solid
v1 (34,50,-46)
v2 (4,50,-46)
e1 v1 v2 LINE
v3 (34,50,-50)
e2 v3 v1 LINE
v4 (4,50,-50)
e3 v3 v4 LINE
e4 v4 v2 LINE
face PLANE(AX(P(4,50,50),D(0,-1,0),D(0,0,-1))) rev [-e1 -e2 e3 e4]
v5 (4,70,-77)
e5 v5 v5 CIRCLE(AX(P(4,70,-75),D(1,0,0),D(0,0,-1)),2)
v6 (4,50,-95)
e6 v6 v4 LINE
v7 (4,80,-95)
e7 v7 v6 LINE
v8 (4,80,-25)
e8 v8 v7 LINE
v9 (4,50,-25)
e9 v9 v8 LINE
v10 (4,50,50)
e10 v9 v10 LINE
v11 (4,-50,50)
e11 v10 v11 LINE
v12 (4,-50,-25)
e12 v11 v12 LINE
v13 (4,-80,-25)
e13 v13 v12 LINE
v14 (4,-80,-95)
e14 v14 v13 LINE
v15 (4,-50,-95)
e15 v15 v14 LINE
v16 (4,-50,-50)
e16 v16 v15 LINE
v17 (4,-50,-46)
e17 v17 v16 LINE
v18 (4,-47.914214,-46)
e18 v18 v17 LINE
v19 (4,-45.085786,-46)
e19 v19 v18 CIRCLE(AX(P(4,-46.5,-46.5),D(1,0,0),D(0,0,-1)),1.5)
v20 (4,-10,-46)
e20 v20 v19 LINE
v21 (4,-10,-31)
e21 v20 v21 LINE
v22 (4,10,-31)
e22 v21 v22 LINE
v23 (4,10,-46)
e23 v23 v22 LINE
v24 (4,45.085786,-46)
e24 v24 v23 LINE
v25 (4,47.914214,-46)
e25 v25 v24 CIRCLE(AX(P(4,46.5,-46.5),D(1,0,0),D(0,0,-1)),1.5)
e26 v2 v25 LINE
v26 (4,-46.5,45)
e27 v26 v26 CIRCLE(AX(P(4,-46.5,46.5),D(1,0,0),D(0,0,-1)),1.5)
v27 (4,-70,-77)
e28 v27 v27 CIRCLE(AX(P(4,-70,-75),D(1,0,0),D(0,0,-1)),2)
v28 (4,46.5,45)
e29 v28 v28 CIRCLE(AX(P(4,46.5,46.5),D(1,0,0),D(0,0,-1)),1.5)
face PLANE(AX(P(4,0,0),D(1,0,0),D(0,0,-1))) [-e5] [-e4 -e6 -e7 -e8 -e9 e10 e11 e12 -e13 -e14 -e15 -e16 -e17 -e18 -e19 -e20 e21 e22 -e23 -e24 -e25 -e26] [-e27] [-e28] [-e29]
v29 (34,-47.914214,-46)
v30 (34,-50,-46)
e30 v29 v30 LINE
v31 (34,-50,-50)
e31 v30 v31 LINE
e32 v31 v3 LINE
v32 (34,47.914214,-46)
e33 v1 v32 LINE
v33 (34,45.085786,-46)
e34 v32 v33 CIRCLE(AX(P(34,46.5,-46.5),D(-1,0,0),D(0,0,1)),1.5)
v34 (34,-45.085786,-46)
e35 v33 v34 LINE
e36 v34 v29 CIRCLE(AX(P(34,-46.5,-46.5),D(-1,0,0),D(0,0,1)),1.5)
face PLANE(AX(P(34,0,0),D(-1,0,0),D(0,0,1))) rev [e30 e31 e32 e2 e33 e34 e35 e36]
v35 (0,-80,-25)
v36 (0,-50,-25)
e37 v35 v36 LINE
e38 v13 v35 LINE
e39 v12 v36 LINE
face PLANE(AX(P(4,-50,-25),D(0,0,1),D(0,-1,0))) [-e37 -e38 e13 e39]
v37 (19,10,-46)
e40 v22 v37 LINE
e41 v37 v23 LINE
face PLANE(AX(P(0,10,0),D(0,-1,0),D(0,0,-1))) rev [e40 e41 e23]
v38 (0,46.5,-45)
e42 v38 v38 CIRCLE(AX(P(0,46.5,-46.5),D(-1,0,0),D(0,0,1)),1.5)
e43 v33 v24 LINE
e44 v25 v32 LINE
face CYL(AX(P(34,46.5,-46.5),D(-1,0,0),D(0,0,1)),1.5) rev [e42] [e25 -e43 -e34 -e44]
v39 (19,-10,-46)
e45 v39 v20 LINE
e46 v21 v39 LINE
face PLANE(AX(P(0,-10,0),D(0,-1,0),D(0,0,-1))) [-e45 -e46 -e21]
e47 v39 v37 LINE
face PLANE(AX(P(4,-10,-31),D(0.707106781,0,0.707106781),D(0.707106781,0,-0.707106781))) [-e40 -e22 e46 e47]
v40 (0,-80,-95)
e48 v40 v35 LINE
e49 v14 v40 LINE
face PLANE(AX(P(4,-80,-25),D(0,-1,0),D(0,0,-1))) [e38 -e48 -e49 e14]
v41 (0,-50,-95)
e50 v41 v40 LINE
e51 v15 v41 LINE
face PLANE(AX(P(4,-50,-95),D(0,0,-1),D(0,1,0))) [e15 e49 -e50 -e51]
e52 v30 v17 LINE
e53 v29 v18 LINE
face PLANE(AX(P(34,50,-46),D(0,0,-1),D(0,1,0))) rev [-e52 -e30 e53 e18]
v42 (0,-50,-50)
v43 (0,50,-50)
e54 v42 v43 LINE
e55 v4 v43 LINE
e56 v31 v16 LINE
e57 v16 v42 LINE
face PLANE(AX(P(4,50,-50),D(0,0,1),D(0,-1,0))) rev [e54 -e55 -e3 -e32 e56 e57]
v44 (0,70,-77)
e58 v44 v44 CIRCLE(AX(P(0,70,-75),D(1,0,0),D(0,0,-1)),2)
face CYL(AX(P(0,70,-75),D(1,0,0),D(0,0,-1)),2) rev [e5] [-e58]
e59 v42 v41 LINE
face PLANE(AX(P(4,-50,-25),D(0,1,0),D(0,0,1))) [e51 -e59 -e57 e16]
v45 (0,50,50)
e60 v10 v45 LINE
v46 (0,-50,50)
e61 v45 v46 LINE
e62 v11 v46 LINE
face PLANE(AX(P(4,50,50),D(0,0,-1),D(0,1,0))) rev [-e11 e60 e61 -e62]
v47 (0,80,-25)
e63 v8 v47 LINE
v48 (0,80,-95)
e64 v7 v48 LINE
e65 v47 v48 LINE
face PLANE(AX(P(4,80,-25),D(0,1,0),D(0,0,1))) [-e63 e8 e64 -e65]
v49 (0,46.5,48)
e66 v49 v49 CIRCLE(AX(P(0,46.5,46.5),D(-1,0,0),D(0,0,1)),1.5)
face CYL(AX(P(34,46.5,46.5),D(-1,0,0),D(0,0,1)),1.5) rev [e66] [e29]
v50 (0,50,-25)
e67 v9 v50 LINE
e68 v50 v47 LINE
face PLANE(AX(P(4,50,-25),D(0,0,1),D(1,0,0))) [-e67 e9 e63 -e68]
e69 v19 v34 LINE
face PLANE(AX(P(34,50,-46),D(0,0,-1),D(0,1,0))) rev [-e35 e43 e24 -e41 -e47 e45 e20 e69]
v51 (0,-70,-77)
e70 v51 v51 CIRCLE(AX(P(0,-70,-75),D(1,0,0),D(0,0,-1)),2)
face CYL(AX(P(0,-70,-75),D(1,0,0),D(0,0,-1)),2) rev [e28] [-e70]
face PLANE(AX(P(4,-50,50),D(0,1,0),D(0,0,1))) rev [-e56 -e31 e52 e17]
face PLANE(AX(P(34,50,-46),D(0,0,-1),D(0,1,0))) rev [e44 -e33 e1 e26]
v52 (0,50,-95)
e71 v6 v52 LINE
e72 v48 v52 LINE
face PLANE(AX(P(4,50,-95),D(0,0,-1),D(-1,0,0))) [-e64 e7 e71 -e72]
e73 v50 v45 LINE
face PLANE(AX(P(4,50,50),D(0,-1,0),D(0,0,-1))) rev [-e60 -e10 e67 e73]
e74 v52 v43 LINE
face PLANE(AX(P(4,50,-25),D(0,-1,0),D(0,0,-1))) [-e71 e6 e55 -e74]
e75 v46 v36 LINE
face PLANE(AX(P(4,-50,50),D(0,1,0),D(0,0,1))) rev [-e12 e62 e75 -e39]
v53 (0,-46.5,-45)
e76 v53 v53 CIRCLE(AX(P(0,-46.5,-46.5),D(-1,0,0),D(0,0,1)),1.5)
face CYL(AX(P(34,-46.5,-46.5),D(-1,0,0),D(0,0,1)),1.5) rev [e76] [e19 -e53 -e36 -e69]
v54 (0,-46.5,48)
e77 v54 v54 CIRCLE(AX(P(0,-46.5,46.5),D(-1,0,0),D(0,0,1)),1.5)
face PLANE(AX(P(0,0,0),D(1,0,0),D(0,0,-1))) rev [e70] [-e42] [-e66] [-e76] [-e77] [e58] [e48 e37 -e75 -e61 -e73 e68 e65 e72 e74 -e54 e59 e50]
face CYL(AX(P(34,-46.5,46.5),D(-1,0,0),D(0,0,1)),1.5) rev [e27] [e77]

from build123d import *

# Parameters (mm, degrees)
SKETCH_1_W           = 100
SKETCH_1_H           = 100
EXTRUDE_1_DEPTH      = 4
SKETCH_2_W           = 4
SKETCH_2_H           = 100
EXTRUDE_2_DEPTH      = 30
SKETCH_3_W           = 70
SKETCH_3_H           = 30
EXTRUDE_3_DEPTH      = 4
SKETCH_4_R           = 2
CUT_EXTRUDE_1_DEPTH  = 128.769323392
SKETCH_5_R           = 1.5
CUT_EXTRUDE_2_DEPTH  = 129.767231857
EXTRUDE_4_DEPTH      = 10
EXTRUDE_4_DEPTH_BACK = 10


with BuildPart() as part:
    # 草图1 → 凸台-拉伸1 (new body)
    with BuildSketch(Plane(origin=(0, 0, 0), x_dir=(0, 0, -1), z_dir=(1, 0, 0))):
        Rectangle(SKETCH_1_W, SKETCH_1_H)
    extrude(amount=EXTRUDE_1_DEPTH)

    # 草图2 → 凸台-拉伸2 (add)
    with BuildSketch(Plane(origin=(4, 0, 0), x_dir=(0, 0, -1), z_dir=(1, 0, 0))):
        with Locations((48, 0)):
            Rectangle(SKETCH_2_W, SKETCH_2_H)
    extrude(amount=EXTRUDE_2_DEPTH)

    # 草图3 → 凸台-拉伸3 (add)
    with BuildSketch(Plane.ZY):
        with Locations((-60, 65)):
            Rectangle(SKETCH_3_W, SKETCH_3_H)
        with Locations((-60, -65)):
            Rectangle(SKETCH_3_W, SKETCH_3_H)
    extrude(amount=-EXTRUDE_3_DEPTH)

    # 草图4 → 切除-拉伸1 (cut, through all)
    with BuildSketch(Plane(origin=(4, 0, 0), x_dir=(0, 0, -1), z_dir=(1, 0, 0))):
        with Locations((75, 70)):
            Circle(SKETCH_4_R)
        with Locations((75, -70)):
            Circle(SKETCH_4_R)
    extrude(amount=-CUT_EXTRUDE_1_DEPTH, mode=Mode.SUBTRACT)

    # 草图5 → 切除-拉伸2 (cut, through all)
    with BuildSketch(Plane.ZY):
        with Locations((46.5, 46.5)):
            Circle(SKETCH_5_R)
        with Locations((-46.5, 46.5)):
            Circle(SKETCH_5_R)
        with Locations((-46.5, -46.5)):
            Circle(SKETCH_5_R)
        with Locations((46.5, -46.5)):
            Circle(SKETCH_5_R)
    extrude(amount=-CUT_EXTRUDE_2_DEPTH, mode=Mode.SUBTRACT)

    # 草图6 → 凸台-拉伸4 (add, two sides: drawn at the far end of the back side and taken through both)
    with BuildSketch(Plane(origin=(0, 0, 0), x_dir=(1, 0, 0), z_dir=(0, 1, 0)).offset(-EXTRUDE_4_DEPTH_BACK)):
        Polygon((4, 31), (19, 46), (4, 46), align=None)
    extrude(amount=EXTRUDE_4_DEPTH + EXTRUDE_4_DEPTH_BACK)


solid = part.part
